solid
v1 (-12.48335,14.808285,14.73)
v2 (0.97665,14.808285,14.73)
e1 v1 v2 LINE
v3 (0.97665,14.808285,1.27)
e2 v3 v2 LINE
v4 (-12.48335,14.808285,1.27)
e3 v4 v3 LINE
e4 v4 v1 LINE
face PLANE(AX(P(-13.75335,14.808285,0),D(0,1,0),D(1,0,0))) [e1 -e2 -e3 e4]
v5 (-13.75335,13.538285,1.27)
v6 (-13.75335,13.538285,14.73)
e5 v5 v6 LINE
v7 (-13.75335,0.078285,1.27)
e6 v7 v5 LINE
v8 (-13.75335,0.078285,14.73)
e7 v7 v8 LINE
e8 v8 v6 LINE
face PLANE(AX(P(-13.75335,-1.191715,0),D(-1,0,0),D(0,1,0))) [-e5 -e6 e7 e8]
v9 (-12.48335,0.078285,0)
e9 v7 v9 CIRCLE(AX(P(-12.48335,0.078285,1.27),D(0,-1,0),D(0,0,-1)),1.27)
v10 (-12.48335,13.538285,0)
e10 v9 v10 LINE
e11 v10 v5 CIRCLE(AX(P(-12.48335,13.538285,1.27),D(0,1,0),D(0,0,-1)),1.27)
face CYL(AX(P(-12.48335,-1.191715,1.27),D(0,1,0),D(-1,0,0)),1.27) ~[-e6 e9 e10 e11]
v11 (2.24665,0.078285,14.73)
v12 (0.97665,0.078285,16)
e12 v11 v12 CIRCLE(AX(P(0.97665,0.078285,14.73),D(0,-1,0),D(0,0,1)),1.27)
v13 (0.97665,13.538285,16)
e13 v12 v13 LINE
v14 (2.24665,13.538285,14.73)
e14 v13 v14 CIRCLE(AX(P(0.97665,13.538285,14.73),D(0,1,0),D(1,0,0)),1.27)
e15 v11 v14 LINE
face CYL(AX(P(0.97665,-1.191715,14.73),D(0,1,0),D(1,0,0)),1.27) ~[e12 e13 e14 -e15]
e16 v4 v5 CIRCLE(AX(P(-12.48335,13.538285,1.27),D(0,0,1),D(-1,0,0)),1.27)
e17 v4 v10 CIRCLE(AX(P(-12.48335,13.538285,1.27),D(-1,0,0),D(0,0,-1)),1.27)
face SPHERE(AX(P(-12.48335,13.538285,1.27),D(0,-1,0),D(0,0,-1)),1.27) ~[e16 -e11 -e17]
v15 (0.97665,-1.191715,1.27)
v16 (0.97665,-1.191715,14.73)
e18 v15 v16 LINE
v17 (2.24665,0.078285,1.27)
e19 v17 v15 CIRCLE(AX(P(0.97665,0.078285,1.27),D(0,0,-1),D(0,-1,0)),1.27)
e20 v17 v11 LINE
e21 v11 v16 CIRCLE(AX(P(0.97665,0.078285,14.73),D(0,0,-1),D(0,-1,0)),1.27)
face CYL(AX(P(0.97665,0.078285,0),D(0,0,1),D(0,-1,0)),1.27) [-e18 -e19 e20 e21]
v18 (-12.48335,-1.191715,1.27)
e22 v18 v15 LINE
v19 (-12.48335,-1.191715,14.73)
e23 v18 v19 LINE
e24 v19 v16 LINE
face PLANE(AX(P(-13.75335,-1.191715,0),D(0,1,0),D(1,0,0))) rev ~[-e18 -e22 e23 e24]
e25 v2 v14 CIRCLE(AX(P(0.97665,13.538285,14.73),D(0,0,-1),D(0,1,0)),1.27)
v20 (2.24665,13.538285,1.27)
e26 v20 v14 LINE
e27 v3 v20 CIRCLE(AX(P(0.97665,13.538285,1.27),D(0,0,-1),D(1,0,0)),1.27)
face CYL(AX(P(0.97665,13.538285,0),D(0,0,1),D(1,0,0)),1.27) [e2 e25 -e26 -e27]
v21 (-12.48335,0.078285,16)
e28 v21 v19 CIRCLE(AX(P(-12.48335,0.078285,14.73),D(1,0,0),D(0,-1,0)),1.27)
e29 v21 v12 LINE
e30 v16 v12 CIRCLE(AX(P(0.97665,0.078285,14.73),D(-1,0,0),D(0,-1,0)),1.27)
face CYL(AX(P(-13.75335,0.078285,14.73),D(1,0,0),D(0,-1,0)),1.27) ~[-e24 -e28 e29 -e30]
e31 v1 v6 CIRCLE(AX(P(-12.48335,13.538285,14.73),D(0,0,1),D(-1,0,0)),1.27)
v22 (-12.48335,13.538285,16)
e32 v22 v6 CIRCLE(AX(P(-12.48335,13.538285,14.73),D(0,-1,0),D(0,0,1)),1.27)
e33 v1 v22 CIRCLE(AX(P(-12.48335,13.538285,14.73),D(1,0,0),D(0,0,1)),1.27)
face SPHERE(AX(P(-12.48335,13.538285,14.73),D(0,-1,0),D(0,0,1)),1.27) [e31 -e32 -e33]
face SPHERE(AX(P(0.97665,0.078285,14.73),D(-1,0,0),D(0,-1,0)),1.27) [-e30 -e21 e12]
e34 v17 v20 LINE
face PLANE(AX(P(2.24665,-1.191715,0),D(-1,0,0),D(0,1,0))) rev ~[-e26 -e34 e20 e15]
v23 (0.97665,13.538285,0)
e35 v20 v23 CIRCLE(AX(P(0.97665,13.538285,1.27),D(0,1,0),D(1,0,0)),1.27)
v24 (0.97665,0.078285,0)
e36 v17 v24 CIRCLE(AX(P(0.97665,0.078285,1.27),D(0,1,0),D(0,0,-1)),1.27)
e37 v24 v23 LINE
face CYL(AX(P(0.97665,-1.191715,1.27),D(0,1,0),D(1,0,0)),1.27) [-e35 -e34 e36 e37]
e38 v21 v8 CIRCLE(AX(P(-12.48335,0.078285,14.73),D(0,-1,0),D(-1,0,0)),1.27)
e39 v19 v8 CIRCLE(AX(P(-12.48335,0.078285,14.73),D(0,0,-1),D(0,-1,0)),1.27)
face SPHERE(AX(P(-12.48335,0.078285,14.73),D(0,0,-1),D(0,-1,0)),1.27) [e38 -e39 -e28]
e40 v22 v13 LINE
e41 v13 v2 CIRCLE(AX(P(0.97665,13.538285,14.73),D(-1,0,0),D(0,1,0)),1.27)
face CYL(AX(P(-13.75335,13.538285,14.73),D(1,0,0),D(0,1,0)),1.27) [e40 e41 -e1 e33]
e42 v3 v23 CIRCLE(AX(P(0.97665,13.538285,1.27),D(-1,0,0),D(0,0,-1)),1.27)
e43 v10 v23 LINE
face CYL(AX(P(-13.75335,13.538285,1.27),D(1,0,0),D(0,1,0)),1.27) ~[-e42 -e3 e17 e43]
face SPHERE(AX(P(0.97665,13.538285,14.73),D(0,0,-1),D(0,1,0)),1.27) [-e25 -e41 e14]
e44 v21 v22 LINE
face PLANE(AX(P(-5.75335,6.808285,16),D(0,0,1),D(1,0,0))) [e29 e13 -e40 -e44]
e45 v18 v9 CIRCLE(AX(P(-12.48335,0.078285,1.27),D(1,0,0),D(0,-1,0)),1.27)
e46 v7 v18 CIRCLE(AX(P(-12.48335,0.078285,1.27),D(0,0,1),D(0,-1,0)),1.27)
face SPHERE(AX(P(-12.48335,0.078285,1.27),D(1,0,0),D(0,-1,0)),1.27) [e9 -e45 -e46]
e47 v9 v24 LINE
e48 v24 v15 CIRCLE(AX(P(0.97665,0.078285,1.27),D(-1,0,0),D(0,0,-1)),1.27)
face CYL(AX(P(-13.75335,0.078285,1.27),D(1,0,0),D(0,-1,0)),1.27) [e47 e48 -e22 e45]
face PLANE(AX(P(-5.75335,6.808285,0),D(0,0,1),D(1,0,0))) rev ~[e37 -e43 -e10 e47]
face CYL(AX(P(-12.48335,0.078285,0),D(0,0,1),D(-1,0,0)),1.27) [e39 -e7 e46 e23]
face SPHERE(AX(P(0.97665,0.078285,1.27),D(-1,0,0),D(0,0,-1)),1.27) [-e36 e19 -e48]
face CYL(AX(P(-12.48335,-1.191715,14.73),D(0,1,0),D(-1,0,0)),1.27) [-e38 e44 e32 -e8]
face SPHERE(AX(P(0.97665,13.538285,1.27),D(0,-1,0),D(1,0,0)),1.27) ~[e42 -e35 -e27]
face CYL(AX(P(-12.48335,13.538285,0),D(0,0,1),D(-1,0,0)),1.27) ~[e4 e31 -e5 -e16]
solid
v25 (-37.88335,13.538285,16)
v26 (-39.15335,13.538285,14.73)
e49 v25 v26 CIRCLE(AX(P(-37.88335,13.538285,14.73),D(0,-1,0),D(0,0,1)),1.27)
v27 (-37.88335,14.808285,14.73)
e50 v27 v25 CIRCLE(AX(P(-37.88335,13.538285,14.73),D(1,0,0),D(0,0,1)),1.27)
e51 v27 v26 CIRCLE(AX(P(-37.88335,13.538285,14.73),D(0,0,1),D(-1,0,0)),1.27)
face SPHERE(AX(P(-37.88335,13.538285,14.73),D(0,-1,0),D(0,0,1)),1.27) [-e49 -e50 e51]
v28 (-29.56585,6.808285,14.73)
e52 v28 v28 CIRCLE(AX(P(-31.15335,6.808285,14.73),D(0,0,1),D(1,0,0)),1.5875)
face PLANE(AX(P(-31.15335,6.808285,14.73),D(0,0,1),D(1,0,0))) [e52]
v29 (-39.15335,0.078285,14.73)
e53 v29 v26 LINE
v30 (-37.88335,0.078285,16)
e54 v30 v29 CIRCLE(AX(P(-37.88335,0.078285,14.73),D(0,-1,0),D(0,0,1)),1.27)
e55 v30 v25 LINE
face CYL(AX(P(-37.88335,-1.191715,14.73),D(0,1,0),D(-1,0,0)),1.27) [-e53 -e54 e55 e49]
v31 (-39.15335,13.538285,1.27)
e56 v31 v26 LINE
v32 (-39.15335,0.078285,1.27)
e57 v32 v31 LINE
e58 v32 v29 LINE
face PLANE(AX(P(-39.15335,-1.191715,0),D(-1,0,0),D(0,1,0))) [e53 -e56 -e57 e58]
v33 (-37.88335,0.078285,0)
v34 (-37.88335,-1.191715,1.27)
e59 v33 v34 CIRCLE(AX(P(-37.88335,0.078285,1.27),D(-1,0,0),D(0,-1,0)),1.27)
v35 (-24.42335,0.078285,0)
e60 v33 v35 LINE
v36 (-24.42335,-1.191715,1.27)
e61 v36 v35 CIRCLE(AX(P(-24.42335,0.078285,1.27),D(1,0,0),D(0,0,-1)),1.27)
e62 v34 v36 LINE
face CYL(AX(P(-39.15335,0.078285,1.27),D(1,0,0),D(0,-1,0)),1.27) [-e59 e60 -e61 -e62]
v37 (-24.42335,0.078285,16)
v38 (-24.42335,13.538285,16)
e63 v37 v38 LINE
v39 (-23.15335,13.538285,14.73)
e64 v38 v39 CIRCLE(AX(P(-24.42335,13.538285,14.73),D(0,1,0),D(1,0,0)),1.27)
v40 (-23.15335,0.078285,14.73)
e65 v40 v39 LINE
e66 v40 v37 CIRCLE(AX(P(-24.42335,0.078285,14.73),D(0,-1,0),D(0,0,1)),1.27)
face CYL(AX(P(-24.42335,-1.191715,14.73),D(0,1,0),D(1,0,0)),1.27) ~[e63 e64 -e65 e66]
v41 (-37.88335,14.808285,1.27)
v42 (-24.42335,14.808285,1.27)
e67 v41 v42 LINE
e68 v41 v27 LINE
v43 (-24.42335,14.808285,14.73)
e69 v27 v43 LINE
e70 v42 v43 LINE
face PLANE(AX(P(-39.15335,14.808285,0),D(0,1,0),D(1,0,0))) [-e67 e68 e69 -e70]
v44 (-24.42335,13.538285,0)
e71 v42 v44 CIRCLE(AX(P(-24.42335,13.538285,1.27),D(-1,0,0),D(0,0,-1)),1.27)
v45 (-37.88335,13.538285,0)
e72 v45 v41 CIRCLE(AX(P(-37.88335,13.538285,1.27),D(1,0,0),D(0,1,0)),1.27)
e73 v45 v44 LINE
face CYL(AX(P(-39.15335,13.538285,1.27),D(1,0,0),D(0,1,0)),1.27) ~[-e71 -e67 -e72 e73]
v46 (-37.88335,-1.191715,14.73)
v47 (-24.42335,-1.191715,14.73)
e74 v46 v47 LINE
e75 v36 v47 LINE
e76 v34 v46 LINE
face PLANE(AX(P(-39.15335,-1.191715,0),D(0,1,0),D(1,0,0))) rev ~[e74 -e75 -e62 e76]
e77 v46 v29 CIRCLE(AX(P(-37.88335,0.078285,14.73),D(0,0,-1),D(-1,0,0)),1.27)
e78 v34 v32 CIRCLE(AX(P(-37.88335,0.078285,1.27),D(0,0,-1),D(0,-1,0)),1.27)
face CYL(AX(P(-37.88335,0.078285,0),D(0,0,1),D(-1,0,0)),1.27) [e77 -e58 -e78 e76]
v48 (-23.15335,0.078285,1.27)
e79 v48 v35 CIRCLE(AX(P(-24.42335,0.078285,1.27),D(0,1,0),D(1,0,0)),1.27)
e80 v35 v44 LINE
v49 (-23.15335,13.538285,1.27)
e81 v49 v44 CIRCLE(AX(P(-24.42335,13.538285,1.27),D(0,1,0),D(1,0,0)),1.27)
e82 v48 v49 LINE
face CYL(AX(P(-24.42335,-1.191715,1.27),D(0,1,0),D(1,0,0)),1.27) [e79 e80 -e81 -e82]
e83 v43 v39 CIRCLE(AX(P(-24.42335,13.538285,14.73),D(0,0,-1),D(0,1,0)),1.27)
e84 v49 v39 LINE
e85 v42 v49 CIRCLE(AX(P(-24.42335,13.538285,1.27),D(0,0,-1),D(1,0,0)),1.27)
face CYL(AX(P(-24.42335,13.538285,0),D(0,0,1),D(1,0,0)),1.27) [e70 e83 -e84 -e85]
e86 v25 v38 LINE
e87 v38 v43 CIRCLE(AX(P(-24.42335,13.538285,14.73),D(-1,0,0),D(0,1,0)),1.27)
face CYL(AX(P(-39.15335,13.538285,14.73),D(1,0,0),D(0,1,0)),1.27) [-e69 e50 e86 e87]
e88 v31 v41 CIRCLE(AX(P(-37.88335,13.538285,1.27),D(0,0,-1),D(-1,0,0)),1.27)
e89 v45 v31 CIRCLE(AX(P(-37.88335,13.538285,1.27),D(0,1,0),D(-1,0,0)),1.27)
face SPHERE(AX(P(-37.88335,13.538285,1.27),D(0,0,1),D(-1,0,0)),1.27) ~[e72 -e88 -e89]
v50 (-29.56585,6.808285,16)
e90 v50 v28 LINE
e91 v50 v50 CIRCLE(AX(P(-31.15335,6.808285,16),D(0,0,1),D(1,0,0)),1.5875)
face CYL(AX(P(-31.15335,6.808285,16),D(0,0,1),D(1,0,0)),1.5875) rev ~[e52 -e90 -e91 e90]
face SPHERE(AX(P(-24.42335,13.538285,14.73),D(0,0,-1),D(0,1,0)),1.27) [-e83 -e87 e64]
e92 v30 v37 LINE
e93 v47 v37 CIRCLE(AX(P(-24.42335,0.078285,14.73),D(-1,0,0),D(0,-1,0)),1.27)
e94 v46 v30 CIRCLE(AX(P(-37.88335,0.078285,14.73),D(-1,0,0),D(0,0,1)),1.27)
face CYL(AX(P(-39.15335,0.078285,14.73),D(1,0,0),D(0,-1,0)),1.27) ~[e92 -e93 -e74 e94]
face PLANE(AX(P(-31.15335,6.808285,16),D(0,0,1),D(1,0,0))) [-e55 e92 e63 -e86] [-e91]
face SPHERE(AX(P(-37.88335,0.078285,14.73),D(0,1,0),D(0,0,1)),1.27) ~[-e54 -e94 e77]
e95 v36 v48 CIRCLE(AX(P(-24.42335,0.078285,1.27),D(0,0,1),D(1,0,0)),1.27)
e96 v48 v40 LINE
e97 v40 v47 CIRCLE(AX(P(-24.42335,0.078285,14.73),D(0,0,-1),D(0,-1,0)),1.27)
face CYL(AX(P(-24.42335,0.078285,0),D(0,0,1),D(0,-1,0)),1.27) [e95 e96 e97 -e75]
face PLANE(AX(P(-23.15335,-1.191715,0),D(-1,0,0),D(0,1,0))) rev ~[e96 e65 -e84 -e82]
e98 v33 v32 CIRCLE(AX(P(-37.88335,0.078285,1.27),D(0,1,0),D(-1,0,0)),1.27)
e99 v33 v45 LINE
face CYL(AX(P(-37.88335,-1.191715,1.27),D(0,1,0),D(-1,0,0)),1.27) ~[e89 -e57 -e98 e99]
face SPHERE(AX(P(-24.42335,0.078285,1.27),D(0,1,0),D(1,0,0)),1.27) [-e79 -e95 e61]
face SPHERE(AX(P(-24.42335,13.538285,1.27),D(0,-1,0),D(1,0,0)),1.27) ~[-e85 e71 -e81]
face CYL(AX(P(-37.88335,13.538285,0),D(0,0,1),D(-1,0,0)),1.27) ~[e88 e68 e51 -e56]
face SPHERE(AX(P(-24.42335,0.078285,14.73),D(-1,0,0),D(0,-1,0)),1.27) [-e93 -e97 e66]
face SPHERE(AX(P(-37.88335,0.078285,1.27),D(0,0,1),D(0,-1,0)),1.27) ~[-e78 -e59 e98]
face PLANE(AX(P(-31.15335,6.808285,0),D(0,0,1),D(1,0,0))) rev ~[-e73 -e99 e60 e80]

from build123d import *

# Parameters (mm, degrees)
F1_W     = 16
F1_H     = 16
F2_DEPTH = 16
F3_R     = 1.27
F3_2_R   = 1.27
F4_R     = 1.5875
F5_DEPTH = 1.27


with BuildPart() as f2:
    # F1 (on Top) → F2 (new body)
    with BuildSketch(Plane.XY):
        with Locations((-31.1533497572, 6.8082849886)):
            Rectangle(F1_W, F1_H)
    extrude(amount=F2_DEPTH)

    # F3
    f3_edges = [f2.edges().sort_by_distance(p)[0] for p in [
        (-23.15335, 6.808285, 0),
        (-39.15335, 6.808285, 16),
        (-31.15335, -1.191715, 16),
        (-23.15335, 14.808285, 8),
        (-23.15335, -1.191715, 8),
        (-31.15335, 14.808285, 16),
        (-39.15335, -1.191715, 8),
        (-23.15335, 6.808285, 16),
        (-31.15335, -1.191715, 0),
        (-39.15335, 14.808285, 8),
        (-39.15335, 6.808285, 0),
        (-31.15335, 14.808285, 0),
    ]]
    fillet(f3_edges, radius=F3_R)

    # F4 (on face) → F5 (cut)
    with BuildSketch(Plane.XY.offset(16)):
        with Locations((-31.1533497572, 6.8082849886)):
            Circle(F4_R)
    extrude(amount=-F5_DEPTH, mode=Mode.SUBTRACT)


with BuildPart() as f2b:
    # F1 (on Top) → F2, piece 2 (new body)
    with BuildSketch(Plane.XY):
        with Locations((-5.7533497572, 6.8082849886)):
            Rectangle(F1_W, F1_H)
    extrude(amount=F2_DEPTH)

    # F3#2
    f3_2_edges = [f2b.edges().sort_by_distance(p)[0] for p in [
        (-5.75335, -1.191715, 0),
        (2.24665, 6.808285, 0),
        (-13.75335, -1.191715, 8),
        (-5.75335, -1.191715, 16),
        (2.24665, -1.191715, 8),
        (2.24665, 14.808285, 8),
        (-13.75335, 6.808285, 16),
        (-5.75335, 14.808285, 16),
        (2.24665, 6.808285, 16),
        (-13.75335, 6.808285, 0),
        (-5.75335, 14.808285, 0),
        (-13.75335, 14.808285, 8),
    ]]
    fillet(f3_2_edges, radius=F3_2_R)


solid = Compound([f2.part, f2b.part])
